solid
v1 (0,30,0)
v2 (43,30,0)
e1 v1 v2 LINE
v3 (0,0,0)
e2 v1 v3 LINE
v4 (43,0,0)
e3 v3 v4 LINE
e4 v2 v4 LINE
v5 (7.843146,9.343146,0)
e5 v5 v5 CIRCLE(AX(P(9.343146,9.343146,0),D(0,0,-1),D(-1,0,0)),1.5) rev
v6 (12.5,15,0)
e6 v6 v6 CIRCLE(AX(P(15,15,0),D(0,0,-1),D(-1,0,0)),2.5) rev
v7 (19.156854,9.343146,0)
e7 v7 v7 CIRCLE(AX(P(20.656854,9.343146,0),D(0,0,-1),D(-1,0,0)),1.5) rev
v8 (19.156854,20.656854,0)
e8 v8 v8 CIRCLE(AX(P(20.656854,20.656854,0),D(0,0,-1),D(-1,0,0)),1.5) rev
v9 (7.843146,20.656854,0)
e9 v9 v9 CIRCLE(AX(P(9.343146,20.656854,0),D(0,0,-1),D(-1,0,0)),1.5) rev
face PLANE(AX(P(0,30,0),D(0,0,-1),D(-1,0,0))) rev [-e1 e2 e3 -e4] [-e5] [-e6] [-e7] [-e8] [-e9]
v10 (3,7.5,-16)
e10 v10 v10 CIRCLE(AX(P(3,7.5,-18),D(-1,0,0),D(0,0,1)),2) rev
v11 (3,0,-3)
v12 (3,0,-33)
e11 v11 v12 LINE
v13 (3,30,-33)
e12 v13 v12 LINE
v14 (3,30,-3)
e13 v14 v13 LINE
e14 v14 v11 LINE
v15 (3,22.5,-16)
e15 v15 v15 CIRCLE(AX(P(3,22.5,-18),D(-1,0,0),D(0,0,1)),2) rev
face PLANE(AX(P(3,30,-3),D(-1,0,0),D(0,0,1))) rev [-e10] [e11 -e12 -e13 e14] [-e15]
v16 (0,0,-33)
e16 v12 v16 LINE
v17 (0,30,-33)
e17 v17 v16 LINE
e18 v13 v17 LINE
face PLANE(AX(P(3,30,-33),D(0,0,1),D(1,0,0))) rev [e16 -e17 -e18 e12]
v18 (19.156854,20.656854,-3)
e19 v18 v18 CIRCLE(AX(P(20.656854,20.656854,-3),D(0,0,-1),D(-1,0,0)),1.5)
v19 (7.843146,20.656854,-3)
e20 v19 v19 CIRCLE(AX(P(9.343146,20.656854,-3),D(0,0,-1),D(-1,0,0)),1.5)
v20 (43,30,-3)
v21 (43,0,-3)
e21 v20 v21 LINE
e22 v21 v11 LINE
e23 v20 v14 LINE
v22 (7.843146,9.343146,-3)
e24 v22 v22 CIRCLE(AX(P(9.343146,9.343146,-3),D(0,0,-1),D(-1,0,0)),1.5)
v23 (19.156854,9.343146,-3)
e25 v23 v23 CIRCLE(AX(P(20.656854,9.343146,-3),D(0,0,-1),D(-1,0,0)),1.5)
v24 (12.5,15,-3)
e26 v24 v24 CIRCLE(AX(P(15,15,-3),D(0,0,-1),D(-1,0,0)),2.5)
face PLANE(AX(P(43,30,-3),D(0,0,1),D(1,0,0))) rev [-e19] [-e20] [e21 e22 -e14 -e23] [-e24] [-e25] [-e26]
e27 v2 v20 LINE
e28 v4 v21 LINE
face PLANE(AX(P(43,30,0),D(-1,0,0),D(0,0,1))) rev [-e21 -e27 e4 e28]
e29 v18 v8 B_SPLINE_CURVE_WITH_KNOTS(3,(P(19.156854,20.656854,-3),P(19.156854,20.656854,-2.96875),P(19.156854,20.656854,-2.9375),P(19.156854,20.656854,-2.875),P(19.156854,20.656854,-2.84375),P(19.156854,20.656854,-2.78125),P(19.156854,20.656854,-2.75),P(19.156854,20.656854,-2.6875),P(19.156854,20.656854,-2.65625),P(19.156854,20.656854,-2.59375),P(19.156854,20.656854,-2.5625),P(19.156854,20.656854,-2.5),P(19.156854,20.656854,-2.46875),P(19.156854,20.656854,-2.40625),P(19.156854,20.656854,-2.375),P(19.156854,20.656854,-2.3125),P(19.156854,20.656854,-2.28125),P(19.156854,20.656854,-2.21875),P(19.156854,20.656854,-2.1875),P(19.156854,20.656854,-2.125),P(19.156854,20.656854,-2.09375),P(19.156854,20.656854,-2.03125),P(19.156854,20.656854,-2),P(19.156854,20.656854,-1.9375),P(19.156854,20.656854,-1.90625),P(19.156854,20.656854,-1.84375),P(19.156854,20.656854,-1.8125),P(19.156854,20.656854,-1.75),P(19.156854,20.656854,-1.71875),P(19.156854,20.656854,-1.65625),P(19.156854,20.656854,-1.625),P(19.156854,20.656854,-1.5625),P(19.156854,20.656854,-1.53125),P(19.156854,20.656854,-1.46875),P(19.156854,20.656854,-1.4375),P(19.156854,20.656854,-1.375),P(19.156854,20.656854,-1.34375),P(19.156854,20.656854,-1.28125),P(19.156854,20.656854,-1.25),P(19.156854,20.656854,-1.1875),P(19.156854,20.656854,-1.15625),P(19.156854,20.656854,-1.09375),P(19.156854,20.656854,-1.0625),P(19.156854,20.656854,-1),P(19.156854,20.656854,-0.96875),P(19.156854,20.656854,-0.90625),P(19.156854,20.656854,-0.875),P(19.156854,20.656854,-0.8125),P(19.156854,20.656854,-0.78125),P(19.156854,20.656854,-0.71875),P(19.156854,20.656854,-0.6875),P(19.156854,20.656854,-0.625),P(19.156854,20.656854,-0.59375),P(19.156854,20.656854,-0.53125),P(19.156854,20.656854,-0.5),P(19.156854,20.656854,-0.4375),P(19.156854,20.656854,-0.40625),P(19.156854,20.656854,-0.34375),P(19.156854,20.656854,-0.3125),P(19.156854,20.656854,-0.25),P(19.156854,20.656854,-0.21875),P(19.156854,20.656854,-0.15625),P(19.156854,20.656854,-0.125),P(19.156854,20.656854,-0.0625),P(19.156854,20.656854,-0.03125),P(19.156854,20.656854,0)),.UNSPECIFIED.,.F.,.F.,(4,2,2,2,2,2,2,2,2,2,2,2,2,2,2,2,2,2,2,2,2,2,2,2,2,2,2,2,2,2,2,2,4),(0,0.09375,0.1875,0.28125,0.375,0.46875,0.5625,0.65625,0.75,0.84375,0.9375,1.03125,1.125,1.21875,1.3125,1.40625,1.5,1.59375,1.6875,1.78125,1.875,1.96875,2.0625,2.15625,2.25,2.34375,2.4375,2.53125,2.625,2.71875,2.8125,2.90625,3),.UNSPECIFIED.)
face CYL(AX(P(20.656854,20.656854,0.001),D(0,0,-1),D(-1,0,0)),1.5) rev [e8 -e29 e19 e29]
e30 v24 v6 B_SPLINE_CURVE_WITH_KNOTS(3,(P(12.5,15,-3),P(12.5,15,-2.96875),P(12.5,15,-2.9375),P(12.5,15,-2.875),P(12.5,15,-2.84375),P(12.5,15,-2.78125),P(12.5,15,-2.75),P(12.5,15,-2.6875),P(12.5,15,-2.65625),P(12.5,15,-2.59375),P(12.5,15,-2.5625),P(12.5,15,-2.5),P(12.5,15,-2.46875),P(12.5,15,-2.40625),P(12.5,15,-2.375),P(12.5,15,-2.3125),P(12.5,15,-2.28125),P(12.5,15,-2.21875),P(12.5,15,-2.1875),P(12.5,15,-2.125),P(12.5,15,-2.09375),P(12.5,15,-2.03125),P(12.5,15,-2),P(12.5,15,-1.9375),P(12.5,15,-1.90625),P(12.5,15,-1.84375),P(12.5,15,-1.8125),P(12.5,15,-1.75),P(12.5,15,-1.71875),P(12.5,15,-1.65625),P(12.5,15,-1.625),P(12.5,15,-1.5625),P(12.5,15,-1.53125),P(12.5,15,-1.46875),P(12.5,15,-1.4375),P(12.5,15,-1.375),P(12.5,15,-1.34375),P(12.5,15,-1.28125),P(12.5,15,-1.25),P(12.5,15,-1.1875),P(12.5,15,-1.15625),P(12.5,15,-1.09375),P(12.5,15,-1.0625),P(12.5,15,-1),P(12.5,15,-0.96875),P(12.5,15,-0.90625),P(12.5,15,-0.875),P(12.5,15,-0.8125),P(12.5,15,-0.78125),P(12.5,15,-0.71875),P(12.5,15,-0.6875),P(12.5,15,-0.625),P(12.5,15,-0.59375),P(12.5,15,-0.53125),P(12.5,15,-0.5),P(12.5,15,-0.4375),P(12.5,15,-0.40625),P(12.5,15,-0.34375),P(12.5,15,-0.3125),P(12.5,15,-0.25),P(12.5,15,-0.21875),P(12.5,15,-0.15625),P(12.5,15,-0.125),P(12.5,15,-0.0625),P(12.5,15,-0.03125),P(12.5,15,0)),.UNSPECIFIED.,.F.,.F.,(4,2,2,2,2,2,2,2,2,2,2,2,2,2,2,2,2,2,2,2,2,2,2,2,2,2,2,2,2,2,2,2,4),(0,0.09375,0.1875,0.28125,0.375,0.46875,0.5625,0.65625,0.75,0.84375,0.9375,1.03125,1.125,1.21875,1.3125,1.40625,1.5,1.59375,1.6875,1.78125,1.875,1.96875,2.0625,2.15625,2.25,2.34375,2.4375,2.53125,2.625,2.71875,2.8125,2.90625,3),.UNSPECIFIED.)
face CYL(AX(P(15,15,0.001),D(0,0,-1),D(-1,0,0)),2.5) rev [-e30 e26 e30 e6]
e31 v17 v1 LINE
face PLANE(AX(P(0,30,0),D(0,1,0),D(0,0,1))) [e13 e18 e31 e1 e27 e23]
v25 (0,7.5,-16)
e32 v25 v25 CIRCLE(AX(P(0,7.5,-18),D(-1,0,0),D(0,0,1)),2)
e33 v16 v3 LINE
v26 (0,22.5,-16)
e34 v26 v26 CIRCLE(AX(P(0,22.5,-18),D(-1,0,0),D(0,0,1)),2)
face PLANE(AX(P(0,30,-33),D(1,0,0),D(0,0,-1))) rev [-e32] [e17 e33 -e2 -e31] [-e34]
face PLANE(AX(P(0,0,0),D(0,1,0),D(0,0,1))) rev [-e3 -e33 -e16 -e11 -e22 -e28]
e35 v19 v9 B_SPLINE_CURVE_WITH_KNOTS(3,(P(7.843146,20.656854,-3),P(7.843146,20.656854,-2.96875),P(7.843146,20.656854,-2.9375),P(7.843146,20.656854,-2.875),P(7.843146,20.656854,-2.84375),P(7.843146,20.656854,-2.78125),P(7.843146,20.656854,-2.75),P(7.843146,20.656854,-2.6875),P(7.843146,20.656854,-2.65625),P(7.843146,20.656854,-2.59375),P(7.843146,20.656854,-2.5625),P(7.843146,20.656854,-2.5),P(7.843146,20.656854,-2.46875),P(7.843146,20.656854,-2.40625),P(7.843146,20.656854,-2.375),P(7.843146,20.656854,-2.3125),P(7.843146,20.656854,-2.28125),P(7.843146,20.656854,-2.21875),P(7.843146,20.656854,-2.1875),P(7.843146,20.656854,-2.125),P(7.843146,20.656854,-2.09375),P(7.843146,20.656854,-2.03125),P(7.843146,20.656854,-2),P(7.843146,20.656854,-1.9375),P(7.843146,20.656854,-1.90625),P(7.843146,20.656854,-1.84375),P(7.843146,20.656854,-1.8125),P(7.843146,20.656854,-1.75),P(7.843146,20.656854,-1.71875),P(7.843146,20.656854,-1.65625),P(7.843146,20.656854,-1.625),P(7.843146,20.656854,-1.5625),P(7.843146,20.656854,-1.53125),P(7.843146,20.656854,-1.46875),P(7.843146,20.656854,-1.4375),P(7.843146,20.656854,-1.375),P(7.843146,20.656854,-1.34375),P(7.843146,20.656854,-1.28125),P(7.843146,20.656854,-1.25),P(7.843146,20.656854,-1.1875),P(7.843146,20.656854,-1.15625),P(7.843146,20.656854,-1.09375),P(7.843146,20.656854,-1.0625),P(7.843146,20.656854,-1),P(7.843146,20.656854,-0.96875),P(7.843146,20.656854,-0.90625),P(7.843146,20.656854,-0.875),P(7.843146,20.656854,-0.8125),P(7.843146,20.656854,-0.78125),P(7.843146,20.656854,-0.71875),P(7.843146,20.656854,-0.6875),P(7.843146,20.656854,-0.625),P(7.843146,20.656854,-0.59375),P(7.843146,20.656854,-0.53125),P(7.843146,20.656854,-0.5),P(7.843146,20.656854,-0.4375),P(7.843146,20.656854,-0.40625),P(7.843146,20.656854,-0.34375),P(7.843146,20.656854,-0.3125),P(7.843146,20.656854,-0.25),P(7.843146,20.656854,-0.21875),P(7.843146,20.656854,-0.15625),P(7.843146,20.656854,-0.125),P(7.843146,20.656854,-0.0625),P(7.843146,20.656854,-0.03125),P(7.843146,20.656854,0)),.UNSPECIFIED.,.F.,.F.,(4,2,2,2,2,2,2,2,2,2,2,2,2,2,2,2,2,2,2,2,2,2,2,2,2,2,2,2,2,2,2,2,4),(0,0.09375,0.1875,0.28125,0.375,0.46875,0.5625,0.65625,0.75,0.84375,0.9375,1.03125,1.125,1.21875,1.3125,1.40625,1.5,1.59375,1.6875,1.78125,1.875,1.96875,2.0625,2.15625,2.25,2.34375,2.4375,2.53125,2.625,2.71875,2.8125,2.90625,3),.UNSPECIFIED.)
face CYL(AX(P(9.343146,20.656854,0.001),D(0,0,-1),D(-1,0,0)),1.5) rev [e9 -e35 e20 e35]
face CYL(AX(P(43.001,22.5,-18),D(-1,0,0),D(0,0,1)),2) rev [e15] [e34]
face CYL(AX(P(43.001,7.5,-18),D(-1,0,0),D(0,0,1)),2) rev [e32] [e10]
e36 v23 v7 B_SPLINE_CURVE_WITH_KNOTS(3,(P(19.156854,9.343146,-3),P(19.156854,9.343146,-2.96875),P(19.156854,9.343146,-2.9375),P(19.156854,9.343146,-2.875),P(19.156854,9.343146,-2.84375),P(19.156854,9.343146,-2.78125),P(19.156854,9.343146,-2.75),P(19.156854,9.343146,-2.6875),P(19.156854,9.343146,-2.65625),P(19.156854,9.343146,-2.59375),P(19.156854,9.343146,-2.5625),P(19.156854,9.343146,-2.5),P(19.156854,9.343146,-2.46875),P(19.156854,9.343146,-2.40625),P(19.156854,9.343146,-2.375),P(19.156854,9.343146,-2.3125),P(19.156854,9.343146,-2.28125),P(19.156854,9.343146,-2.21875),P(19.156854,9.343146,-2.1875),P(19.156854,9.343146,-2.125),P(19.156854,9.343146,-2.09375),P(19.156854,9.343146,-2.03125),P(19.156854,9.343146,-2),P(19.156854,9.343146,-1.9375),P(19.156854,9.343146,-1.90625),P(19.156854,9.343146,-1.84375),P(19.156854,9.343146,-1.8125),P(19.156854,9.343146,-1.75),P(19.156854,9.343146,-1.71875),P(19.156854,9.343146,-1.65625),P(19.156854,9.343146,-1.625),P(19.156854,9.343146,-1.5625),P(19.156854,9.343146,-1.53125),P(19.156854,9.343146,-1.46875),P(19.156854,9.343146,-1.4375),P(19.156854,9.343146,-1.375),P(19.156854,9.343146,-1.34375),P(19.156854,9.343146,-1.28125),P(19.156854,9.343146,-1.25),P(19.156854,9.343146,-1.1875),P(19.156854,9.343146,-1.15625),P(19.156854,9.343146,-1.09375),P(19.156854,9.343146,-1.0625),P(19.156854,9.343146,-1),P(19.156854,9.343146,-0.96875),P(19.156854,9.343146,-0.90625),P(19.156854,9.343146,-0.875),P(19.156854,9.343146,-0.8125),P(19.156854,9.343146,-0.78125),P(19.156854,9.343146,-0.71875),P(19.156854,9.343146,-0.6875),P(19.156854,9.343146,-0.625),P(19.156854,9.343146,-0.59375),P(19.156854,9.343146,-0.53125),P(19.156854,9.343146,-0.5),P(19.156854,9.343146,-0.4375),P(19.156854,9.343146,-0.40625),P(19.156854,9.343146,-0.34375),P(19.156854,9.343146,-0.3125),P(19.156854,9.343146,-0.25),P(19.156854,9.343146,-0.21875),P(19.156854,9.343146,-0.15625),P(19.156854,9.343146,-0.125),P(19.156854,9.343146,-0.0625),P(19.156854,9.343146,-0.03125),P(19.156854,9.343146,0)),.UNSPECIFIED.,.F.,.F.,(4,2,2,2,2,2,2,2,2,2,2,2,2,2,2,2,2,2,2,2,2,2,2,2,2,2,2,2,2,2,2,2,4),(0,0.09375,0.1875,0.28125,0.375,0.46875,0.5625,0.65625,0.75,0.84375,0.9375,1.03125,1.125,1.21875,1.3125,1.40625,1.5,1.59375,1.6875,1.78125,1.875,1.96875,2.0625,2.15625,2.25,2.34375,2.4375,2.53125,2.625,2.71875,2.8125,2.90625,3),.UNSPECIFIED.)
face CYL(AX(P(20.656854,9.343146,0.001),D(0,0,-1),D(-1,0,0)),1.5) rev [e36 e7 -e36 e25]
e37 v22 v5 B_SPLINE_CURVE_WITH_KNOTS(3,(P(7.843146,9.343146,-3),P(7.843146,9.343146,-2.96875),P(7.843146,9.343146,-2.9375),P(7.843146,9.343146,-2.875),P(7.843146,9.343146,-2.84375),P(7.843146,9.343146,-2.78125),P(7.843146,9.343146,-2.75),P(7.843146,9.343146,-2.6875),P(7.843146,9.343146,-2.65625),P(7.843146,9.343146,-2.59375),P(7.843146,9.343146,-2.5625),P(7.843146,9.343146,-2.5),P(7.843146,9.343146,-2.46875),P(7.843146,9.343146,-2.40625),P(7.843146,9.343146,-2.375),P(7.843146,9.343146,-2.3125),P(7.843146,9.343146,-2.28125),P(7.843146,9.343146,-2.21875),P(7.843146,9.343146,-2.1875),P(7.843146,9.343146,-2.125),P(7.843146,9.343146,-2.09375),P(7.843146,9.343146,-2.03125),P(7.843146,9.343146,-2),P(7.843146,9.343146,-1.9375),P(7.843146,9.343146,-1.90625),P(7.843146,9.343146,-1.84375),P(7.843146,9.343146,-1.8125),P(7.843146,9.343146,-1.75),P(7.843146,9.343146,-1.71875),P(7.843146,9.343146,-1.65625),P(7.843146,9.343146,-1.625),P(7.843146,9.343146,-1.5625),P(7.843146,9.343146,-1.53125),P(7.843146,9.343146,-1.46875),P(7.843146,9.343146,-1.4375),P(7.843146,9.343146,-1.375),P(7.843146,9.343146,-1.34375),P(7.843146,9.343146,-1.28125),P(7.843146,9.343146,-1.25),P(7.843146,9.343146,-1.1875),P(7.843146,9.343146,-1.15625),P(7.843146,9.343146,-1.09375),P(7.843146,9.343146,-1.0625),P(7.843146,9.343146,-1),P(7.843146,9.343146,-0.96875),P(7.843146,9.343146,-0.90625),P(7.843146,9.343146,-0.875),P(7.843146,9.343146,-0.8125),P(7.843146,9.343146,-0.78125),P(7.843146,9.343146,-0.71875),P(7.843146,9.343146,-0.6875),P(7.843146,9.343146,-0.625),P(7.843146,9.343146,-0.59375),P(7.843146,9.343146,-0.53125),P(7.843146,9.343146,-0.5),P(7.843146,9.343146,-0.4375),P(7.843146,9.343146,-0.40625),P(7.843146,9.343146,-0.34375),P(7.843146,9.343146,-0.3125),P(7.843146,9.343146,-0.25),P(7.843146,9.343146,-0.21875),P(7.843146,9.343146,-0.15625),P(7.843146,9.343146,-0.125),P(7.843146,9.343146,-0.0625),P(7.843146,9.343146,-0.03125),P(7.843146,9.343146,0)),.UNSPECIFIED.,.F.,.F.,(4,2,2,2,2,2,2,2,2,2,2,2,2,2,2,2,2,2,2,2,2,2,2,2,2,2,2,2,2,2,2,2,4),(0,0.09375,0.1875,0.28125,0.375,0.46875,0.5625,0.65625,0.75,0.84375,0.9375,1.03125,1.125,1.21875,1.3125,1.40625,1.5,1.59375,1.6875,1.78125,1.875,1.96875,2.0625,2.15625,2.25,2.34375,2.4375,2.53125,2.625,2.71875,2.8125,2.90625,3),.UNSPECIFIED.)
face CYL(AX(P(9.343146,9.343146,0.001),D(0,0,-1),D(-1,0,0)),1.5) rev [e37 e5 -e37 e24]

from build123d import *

# Parameters (mm, degrees)
EXTRUDE_1_DEPTH     = 30
CUT_EXTRUDE_1_REACH = 63.952
SKETCH_4_R          = 2
CUT_EXTRUDE_2_REACH = 62.407
SKETCH_5_R          = 2.5
SKETCH_5_R_2        = 1.5


with BuildPart() as part:
    # 草图2 → 凸台-拉伸1 (new body)
    with BuildSketch(Plane(origin=(0, 0, 0), x_dir=(1, 0, 0), z_dir=(0, 1, 0))):
        Polygon((0, 0), (43, 0), (43, 3), (3, 3), (3, 33), (0, 33), align=None)
    extrude(amount=EXTRUDE_1_DEPTH)

    # 草图4 → 切除-拉伸1 (cut, up to next)
    with BuildSketch(Plane.ZY, mode=Mode.PRIVATE) as cut_extrude_1_sk1:
        with Locations((-18, 7.5)):
            Circle(SKETCH_4_R)
    cut_extrude_1_tool1 = extrude(cut_extrude_1_sk1.sketch, amount=-CUT_EXTRUDE_1_REACH, mode=Mode.PRIVATE) & part.part
    # 草图4 → 切除-拉伸1 (cut, up to next)
    with BuildSketch(Plane.ZY, mode=Mode.PRIVATE) as cut_extrude_1_sk2:
        with Locations((-18, 22.5)):
            Circle(SKETCH_4_R)
    cut_extrude_1_tool2 = extrude(cut_extrude_1_sk2.sketch, amount=-CUT_EXTRUDE_1_REACH, mode=Mode.PRIVATE) & part.part
    add(cut_extrude_1_tool1.solids().sort_by_distance((0, 7.5, -18))[0], mode=Mode.SUBTRACT)
    add(cut_extrude_1_tool2.solids().sort_by_distance((0, 22.5, -18))[0], mode=Mode.SUBTRACT)

    # 草图5 → 切除-拉伸2 (cut, up to next)
    with BuildSketch(Plane(origin=(0, 0, -3), x_dir=(-1, 0, 0), z_dir=(0, 0, -1)), mode=Mode.PRIVATE) as cut_extrude_2_sk1:
        with Locations((-15, 15)):
            Circle(SKETCH_5_R)
    cut_extrude_2_tool1 = extrude(cut_extrude_2_sk1.sketch, amount=-CUT_EXTRUDE_2_REACH, mode=Mode.PRIVATE) & part.part
    # 草图5 → 切除-拉伸2 (cut, up to next)
    with BuildSketch(Plane(origin=(0, 0, -3), x_dir=(-1, 0, 0), z_dir=(0, 0, -1)), mode=Mode.PRIVATE) as cut_extrude_2_sk2:
        with Locations((-20.656854249, 9.343145751)):
            Circle(SKETCH_5_R_2)
    cut_extrude_2_tool2 = extrude(cut_extrude_2_sk2.sketch, amount=-CUT_EXTRUDE_2_REACH, mode=Mode.PRIVATE) & part.part
    # 草图5 → 切除-拉伸2 (cut, up to next)
    with BuildSketch(Plane(origin=(0, 0, -3), x_dir=(-1, 0, 0), z_dir=(0, 0, -1)), mode=Mode.PRIVATE) as cut_extrude_2_sk3:
        with Locations((-9.343145751, 9.343145751)):
            Circle(SKETCH_5_R_2)
    cut_extrude_2_tool3 = extrude(cut_extrude_2_sk3.sketch, amount=-CUT_EXTRUDE_2_REACH, mode=Mode.PRIVATE) & part.part
    # 草图5 → 切除-拉伸2 (cut, up to next)
    with BuildSketch(Plane(origin=(0, 0, -3), x_dir=(-1, 0, 0), z_dir=(0, 0, -1)), mode=Mode.PRIVATE) as cut_extrude_2_sk4:
        with Locations((-20.656854249, 20.656854249)):
            Circle(SKETCH_5_R_2)
    cut_extrude_2_tool4 = extrude(cut_extrude_2_sk4.sketch, amount=-CUT_EXTRUDE_2_REACH, mode=Mode.PRIVATE) & part.part
    # 草图5 → 切除-拉伸2 (cut, up to next)
    with BuildSketch(Plane(origin=(0, 0, -3), x_dir=(-1, 0, 0), z_dir=(0, 0, -1)), mode=Mode.PRIVATE) as cut_extrude_2_sk5:
        with Locations((-9.343145751, 20.656854249)):
            Circle(SKETCH_5_R_2)
    cut_extrude_2_tool5 = extrude(cut_extrude_2_sk5.sketch, amount=-CUT_EXTRUDE_2_REACH, mode=Mode.PRIVATE) & part.part
    add(cut_extrude_2_tool1.solids().sort_by_distance((15, 15, -3))[0], mode=Mode.SUBTRACT)
    add(cut_extrude_2_tool2.solids().sort_by_distance((20.656854, 9.343146, -3))[0], mode=Mode.SUBTRACT)
    add(cut_extrude_2_tool3.solids().sort_by_distance((9.343146, 9.343146, -3))[0], mode=Mode.SUBTRACT)
    add(cut_extrude_2_tool4.solids().sort_by_distance((20.656854, 20.656854, -3))[0], mode=Mode.SUBTRACT)
    add(cut_extrude_2_tool5.solids().sort_by_distance((9.343146, 20.656854, -3))[0], mode=Mode.SUBTRACT)


solid = part.part
